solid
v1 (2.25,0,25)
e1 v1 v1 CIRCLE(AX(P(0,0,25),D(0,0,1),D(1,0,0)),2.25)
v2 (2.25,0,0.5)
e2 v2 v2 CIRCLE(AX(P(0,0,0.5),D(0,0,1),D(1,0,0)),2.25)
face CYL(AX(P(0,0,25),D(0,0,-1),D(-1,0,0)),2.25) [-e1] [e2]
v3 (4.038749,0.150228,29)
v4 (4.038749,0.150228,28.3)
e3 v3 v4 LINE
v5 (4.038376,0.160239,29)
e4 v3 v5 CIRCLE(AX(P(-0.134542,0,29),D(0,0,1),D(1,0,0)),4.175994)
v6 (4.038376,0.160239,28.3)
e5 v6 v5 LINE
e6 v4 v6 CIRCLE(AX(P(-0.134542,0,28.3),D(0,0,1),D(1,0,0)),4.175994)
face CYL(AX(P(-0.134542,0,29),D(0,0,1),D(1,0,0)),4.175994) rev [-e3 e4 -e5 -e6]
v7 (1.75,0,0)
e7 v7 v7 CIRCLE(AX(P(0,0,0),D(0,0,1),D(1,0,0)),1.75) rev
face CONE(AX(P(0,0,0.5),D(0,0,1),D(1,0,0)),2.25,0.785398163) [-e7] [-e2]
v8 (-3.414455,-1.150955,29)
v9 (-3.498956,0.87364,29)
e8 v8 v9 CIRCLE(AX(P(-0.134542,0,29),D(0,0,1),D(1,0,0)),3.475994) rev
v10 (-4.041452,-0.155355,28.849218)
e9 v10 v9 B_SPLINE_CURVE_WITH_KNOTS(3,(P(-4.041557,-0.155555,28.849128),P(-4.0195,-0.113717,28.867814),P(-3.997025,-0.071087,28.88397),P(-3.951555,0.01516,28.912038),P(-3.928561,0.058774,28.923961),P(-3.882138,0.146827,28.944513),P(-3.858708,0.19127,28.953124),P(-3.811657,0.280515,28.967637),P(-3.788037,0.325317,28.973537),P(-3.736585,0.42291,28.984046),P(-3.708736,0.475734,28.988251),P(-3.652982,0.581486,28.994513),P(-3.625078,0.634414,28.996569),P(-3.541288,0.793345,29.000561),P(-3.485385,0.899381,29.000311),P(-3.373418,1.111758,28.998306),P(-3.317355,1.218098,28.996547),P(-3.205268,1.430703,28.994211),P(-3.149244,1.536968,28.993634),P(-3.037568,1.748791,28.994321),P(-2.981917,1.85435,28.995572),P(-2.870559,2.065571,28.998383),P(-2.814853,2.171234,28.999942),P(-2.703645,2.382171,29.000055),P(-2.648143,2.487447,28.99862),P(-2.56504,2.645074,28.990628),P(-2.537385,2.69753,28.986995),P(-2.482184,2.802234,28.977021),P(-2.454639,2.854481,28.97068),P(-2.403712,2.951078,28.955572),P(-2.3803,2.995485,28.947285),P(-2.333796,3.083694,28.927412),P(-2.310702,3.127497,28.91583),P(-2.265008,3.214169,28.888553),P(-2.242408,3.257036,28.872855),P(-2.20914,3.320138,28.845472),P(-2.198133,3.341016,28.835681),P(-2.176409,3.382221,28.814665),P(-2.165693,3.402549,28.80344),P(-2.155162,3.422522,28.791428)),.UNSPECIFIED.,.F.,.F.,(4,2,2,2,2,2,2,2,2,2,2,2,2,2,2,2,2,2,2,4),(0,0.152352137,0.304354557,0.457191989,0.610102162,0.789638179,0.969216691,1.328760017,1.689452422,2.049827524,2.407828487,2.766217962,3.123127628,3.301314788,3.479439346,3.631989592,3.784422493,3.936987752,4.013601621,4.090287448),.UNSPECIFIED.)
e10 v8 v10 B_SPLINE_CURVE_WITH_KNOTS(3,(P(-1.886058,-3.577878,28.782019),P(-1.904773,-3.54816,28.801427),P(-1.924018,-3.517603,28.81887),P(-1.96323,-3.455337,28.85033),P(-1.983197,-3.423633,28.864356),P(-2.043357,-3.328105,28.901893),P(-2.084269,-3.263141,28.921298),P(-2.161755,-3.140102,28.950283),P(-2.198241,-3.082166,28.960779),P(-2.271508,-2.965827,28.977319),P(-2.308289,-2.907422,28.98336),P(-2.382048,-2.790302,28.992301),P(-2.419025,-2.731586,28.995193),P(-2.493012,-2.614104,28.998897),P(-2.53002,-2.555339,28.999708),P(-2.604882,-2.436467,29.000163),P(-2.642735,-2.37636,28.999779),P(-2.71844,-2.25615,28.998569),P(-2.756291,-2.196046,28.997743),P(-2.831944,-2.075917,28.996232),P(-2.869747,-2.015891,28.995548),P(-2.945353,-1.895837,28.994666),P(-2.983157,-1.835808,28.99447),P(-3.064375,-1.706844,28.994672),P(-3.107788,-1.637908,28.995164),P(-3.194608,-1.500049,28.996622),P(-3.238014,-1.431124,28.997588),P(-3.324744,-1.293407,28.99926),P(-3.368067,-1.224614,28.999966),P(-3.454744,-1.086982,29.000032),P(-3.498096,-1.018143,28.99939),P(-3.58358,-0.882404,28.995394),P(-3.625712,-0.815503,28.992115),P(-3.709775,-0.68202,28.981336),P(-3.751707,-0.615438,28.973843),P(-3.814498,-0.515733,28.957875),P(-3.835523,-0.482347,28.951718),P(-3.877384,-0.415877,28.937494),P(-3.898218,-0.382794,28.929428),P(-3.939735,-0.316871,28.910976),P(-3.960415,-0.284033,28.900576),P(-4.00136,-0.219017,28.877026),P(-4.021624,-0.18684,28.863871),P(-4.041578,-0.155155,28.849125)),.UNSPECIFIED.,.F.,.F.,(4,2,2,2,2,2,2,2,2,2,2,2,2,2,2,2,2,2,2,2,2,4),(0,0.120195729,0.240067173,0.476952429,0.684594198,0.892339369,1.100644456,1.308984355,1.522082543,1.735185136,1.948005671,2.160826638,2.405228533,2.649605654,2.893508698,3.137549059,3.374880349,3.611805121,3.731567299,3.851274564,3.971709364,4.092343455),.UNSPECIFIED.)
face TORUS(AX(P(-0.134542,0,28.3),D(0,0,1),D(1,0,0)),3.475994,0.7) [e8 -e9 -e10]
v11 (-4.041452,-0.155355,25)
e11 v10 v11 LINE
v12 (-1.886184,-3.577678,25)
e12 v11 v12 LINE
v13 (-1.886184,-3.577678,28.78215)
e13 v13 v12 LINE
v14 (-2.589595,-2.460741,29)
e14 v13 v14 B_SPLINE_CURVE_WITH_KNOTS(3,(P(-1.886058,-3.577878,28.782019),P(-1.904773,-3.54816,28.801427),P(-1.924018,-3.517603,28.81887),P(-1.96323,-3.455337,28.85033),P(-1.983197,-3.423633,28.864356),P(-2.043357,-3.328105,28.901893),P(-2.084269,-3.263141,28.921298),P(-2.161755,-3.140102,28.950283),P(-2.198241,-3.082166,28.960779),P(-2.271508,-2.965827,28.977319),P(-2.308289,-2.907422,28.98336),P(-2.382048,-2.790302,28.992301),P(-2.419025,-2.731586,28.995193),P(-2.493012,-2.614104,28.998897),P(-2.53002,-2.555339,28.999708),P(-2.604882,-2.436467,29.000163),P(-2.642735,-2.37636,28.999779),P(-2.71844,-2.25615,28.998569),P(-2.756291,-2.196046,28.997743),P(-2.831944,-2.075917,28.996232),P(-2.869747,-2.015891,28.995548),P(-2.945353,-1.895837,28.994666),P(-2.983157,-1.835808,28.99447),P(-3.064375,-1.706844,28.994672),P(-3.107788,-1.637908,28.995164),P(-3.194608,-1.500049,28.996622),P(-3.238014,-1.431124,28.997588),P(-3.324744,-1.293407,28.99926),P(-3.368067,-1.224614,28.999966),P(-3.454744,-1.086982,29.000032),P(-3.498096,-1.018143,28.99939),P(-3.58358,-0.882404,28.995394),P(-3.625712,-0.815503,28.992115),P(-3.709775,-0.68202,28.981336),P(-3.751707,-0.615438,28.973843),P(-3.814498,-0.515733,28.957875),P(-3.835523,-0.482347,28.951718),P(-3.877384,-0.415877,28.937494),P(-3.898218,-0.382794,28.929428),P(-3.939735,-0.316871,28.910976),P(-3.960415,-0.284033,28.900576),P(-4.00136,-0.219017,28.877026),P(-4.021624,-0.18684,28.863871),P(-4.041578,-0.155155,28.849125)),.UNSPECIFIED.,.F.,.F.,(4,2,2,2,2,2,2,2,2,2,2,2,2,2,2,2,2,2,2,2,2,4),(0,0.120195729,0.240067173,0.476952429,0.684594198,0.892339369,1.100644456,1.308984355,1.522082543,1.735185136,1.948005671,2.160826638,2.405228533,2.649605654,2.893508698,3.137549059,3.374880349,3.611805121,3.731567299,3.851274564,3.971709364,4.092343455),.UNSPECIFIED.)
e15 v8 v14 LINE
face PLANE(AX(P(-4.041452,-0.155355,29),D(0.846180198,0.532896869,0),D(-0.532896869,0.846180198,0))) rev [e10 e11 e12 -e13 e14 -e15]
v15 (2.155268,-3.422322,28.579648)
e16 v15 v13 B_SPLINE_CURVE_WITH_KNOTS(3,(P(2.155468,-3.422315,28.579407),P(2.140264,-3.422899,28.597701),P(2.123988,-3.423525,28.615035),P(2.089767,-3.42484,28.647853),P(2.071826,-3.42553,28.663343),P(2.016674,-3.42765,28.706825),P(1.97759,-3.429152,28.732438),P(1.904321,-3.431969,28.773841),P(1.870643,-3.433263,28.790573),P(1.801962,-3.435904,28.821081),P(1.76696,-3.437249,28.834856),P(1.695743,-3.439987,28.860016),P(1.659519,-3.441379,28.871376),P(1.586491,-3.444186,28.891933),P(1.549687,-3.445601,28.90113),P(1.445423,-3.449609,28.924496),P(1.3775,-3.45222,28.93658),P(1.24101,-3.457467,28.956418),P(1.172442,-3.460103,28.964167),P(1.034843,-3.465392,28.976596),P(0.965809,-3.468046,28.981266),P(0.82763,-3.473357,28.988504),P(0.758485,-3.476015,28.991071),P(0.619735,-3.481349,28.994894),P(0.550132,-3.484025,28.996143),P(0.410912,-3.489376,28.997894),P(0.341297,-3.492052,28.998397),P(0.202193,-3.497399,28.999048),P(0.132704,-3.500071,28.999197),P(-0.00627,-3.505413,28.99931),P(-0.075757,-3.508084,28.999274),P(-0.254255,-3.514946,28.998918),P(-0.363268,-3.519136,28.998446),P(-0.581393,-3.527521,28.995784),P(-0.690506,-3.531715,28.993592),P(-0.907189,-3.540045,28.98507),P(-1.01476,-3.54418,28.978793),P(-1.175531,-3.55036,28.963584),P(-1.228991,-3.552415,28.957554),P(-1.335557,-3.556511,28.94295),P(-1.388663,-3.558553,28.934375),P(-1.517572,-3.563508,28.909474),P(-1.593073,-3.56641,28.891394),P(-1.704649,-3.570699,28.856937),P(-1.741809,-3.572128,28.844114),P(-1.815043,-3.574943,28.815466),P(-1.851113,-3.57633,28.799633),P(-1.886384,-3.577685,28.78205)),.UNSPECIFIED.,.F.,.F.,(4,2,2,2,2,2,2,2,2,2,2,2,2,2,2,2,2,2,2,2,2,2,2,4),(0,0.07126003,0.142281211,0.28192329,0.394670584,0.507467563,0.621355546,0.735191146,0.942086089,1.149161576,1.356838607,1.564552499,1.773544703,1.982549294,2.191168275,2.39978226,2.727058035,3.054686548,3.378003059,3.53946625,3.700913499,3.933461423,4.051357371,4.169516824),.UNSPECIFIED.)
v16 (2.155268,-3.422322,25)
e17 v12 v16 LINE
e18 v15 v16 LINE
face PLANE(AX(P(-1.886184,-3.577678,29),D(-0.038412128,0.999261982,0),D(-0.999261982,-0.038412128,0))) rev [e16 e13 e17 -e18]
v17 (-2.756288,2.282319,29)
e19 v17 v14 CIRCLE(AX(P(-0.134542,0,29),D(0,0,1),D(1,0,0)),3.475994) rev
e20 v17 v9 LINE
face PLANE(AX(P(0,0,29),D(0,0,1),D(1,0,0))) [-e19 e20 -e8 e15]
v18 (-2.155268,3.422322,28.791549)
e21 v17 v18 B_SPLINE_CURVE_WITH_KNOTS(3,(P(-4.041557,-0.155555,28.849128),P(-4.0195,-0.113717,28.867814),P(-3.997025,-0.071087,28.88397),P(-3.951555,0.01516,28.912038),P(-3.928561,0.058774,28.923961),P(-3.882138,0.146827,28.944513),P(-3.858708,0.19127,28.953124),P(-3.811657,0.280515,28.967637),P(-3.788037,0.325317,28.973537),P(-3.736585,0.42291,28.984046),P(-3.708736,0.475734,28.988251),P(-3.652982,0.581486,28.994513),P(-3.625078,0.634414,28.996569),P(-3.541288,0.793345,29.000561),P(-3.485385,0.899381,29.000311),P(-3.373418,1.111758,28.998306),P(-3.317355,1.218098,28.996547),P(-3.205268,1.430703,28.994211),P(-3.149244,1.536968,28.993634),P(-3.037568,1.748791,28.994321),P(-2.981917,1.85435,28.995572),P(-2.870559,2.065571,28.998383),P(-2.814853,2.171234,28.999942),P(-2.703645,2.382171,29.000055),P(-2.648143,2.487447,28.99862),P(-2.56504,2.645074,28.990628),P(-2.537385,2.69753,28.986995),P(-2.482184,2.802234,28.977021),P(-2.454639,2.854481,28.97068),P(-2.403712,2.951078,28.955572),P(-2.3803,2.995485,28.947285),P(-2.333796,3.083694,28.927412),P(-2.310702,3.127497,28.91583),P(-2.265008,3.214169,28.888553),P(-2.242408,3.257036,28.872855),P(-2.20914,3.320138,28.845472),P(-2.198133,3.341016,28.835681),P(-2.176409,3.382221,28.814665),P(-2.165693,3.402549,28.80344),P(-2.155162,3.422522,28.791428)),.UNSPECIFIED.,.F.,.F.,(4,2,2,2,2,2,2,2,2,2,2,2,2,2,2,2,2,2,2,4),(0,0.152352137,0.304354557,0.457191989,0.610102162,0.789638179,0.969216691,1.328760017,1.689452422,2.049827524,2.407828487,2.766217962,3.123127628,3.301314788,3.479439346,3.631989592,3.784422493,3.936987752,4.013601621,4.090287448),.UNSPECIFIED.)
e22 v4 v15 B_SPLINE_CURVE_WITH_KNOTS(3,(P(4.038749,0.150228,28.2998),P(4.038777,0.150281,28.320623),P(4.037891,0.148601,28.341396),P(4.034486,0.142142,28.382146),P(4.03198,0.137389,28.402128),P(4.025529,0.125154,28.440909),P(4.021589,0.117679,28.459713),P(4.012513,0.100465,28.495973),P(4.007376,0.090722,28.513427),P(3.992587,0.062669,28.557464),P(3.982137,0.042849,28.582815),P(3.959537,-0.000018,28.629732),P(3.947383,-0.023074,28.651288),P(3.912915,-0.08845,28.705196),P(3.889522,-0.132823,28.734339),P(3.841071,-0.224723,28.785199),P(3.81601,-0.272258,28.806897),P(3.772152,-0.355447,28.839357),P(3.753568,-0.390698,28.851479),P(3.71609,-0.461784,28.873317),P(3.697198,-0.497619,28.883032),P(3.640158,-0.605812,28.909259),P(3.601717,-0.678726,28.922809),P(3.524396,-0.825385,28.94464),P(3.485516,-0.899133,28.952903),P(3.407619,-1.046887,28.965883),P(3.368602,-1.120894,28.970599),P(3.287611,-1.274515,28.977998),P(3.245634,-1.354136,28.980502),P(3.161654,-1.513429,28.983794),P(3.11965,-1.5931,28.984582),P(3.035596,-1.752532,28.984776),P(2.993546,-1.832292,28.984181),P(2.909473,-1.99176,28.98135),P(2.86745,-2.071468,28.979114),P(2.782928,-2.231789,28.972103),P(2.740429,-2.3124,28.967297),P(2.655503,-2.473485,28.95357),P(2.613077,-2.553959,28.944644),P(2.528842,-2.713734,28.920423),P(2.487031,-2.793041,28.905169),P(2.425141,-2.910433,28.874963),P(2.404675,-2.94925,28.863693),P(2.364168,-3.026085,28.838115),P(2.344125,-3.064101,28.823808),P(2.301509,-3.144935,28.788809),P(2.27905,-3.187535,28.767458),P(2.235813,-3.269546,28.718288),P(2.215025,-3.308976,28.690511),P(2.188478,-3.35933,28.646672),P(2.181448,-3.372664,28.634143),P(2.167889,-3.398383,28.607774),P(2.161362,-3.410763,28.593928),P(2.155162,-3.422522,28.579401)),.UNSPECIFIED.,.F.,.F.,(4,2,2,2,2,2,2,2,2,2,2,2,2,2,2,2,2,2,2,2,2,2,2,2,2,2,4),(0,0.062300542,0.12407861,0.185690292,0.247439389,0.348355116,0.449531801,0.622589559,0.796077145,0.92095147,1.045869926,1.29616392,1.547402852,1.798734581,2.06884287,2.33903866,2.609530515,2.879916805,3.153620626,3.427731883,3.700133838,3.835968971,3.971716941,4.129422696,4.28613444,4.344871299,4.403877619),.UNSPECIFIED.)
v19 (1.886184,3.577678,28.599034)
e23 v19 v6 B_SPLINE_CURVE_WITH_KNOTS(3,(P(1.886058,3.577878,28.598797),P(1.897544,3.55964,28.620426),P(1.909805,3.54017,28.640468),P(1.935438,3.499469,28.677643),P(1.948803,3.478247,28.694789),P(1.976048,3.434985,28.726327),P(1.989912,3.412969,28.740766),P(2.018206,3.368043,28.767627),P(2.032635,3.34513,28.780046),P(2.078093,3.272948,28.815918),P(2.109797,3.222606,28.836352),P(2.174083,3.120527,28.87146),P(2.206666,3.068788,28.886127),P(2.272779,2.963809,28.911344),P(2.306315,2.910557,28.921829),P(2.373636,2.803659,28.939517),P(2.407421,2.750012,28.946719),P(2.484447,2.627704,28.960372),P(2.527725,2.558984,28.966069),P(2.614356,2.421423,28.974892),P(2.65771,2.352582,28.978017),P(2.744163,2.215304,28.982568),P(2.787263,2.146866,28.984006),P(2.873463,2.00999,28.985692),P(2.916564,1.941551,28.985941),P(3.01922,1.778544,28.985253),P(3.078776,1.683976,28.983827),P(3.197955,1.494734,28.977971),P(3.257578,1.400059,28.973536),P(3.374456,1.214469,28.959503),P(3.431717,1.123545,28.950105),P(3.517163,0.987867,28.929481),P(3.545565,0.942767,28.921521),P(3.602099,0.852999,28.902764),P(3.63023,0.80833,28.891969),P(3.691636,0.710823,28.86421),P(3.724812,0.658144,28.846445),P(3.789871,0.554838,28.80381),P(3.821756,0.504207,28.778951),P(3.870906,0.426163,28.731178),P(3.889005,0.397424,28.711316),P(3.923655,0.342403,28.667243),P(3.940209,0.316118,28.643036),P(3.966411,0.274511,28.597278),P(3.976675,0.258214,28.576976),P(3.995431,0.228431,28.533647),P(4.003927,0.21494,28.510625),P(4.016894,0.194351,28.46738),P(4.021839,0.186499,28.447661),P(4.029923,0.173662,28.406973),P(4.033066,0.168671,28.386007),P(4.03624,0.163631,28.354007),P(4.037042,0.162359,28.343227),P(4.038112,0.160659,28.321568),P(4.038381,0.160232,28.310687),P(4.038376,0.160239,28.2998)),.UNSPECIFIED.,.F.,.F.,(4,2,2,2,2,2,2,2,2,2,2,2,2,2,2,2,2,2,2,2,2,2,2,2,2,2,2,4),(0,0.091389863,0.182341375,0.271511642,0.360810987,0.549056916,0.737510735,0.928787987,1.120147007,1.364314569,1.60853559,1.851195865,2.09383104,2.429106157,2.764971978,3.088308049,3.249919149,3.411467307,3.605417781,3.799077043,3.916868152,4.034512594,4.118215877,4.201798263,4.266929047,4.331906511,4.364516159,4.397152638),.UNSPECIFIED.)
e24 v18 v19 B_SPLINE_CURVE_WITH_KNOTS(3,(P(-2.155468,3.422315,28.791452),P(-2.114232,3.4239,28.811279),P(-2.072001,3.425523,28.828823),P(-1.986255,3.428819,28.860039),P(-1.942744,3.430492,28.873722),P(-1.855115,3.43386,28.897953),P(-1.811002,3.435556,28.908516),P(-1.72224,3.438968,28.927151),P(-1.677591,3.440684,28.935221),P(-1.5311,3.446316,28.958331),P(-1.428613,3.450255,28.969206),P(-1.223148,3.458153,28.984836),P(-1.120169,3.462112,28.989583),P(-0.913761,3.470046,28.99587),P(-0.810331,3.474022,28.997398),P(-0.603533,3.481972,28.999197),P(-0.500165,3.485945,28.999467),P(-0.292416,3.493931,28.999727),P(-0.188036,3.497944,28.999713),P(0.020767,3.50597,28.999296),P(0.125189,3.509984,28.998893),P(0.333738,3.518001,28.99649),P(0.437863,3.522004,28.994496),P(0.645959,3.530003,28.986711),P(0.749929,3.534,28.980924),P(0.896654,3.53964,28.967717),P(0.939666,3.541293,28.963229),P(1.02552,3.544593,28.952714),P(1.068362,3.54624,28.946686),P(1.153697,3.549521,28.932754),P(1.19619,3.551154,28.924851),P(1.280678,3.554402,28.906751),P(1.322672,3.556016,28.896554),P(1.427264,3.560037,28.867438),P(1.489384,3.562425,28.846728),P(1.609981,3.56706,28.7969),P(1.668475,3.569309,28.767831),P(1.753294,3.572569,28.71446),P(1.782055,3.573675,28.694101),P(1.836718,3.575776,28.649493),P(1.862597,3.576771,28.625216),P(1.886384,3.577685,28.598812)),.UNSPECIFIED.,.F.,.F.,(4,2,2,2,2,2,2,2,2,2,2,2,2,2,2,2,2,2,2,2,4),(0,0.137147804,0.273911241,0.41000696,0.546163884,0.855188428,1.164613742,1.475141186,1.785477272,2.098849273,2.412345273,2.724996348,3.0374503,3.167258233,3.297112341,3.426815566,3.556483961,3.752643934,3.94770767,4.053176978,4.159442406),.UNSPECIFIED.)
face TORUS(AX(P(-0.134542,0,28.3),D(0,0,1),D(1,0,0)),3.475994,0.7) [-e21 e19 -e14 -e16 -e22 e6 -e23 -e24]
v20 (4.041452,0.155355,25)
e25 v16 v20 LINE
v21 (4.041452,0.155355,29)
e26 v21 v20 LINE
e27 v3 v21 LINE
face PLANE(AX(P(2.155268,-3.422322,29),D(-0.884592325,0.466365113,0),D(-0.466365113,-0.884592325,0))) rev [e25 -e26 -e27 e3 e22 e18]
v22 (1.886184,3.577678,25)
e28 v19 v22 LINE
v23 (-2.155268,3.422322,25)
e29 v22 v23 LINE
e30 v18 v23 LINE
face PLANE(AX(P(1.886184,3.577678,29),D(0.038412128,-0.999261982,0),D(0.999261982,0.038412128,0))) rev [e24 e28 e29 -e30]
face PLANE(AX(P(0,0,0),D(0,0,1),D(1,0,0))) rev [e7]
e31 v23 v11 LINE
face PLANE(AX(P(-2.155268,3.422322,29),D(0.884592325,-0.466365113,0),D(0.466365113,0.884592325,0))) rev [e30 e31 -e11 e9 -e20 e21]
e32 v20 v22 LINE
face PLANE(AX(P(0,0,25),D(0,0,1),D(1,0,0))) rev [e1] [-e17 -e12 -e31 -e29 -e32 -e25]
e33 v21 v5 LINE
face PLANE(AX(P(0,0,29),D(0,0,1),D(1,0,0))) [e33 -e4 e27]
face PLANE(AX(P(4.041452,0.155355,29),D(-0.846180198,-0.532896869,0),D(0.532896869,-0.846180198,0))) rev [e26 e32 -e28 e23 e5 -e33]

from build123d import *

# Parameters (mm, degrees)
SKETCH1_R           = 2.25
BOSS_EXTRUDE1_DEPTH = 25
BOSS_EXTRUDE2_DEPTH = 4
CHAMFER1_SIZE       = 0.5


with BuildPart() as part:
    # Sketch1 → Boss-Extrude1 (new body)
    with BuildSketch(Plane.XY):
        Circle(SKETCH1_R)
    extrude(amount=BOSS_EXTRUDE1_DEPTH)

    # Sketch2 → Boss-Extrude2 (add)
    with BuildSketch(Plane.XY.offset(25)):
        Polygon((1.886184201, 3.57767771), (-2.155267683, 3.42232229), (-4.041451884, -0.15535542), (-1.886184201, -3.57767771), (2.155267683, -3.42232229), (4.041451884, 0.15535542), align=None)
    extrude(amount=BOSS_EXTRUDE2_DEPTH)

    # Sketch4 → Cut-Revolve1 (revolve, cut)
    with BuildSketch(Plane(origin=(0, 0, 0), x_dir=(1, 0, 0), z_dir=(0, 1, 0))):
        with BuildLine():
            Line((4.041451884, -28.3), (4.041451884, -29))
            Line((4.041451884, -29), (3.341451884, -29))
            ThreePointArc((3.341451884, -29), (3.836426631, -28.794974747), (4.041451884, -28.3))
        make_face()
    revolve(axis=Axis((-0.134541741, 0, 29), (0, 0, -1)), mode=Mode.SUBTRACT)

    # Chamfer1
    chamfer1_edges = [part.edges().sort_by_distance(p)[0] for p in [
        (-2.25, 0, 0),
    ]]
    chamfer(chamfer1_edges, length=CHAMFER1_SIZE)


solid = part.part
